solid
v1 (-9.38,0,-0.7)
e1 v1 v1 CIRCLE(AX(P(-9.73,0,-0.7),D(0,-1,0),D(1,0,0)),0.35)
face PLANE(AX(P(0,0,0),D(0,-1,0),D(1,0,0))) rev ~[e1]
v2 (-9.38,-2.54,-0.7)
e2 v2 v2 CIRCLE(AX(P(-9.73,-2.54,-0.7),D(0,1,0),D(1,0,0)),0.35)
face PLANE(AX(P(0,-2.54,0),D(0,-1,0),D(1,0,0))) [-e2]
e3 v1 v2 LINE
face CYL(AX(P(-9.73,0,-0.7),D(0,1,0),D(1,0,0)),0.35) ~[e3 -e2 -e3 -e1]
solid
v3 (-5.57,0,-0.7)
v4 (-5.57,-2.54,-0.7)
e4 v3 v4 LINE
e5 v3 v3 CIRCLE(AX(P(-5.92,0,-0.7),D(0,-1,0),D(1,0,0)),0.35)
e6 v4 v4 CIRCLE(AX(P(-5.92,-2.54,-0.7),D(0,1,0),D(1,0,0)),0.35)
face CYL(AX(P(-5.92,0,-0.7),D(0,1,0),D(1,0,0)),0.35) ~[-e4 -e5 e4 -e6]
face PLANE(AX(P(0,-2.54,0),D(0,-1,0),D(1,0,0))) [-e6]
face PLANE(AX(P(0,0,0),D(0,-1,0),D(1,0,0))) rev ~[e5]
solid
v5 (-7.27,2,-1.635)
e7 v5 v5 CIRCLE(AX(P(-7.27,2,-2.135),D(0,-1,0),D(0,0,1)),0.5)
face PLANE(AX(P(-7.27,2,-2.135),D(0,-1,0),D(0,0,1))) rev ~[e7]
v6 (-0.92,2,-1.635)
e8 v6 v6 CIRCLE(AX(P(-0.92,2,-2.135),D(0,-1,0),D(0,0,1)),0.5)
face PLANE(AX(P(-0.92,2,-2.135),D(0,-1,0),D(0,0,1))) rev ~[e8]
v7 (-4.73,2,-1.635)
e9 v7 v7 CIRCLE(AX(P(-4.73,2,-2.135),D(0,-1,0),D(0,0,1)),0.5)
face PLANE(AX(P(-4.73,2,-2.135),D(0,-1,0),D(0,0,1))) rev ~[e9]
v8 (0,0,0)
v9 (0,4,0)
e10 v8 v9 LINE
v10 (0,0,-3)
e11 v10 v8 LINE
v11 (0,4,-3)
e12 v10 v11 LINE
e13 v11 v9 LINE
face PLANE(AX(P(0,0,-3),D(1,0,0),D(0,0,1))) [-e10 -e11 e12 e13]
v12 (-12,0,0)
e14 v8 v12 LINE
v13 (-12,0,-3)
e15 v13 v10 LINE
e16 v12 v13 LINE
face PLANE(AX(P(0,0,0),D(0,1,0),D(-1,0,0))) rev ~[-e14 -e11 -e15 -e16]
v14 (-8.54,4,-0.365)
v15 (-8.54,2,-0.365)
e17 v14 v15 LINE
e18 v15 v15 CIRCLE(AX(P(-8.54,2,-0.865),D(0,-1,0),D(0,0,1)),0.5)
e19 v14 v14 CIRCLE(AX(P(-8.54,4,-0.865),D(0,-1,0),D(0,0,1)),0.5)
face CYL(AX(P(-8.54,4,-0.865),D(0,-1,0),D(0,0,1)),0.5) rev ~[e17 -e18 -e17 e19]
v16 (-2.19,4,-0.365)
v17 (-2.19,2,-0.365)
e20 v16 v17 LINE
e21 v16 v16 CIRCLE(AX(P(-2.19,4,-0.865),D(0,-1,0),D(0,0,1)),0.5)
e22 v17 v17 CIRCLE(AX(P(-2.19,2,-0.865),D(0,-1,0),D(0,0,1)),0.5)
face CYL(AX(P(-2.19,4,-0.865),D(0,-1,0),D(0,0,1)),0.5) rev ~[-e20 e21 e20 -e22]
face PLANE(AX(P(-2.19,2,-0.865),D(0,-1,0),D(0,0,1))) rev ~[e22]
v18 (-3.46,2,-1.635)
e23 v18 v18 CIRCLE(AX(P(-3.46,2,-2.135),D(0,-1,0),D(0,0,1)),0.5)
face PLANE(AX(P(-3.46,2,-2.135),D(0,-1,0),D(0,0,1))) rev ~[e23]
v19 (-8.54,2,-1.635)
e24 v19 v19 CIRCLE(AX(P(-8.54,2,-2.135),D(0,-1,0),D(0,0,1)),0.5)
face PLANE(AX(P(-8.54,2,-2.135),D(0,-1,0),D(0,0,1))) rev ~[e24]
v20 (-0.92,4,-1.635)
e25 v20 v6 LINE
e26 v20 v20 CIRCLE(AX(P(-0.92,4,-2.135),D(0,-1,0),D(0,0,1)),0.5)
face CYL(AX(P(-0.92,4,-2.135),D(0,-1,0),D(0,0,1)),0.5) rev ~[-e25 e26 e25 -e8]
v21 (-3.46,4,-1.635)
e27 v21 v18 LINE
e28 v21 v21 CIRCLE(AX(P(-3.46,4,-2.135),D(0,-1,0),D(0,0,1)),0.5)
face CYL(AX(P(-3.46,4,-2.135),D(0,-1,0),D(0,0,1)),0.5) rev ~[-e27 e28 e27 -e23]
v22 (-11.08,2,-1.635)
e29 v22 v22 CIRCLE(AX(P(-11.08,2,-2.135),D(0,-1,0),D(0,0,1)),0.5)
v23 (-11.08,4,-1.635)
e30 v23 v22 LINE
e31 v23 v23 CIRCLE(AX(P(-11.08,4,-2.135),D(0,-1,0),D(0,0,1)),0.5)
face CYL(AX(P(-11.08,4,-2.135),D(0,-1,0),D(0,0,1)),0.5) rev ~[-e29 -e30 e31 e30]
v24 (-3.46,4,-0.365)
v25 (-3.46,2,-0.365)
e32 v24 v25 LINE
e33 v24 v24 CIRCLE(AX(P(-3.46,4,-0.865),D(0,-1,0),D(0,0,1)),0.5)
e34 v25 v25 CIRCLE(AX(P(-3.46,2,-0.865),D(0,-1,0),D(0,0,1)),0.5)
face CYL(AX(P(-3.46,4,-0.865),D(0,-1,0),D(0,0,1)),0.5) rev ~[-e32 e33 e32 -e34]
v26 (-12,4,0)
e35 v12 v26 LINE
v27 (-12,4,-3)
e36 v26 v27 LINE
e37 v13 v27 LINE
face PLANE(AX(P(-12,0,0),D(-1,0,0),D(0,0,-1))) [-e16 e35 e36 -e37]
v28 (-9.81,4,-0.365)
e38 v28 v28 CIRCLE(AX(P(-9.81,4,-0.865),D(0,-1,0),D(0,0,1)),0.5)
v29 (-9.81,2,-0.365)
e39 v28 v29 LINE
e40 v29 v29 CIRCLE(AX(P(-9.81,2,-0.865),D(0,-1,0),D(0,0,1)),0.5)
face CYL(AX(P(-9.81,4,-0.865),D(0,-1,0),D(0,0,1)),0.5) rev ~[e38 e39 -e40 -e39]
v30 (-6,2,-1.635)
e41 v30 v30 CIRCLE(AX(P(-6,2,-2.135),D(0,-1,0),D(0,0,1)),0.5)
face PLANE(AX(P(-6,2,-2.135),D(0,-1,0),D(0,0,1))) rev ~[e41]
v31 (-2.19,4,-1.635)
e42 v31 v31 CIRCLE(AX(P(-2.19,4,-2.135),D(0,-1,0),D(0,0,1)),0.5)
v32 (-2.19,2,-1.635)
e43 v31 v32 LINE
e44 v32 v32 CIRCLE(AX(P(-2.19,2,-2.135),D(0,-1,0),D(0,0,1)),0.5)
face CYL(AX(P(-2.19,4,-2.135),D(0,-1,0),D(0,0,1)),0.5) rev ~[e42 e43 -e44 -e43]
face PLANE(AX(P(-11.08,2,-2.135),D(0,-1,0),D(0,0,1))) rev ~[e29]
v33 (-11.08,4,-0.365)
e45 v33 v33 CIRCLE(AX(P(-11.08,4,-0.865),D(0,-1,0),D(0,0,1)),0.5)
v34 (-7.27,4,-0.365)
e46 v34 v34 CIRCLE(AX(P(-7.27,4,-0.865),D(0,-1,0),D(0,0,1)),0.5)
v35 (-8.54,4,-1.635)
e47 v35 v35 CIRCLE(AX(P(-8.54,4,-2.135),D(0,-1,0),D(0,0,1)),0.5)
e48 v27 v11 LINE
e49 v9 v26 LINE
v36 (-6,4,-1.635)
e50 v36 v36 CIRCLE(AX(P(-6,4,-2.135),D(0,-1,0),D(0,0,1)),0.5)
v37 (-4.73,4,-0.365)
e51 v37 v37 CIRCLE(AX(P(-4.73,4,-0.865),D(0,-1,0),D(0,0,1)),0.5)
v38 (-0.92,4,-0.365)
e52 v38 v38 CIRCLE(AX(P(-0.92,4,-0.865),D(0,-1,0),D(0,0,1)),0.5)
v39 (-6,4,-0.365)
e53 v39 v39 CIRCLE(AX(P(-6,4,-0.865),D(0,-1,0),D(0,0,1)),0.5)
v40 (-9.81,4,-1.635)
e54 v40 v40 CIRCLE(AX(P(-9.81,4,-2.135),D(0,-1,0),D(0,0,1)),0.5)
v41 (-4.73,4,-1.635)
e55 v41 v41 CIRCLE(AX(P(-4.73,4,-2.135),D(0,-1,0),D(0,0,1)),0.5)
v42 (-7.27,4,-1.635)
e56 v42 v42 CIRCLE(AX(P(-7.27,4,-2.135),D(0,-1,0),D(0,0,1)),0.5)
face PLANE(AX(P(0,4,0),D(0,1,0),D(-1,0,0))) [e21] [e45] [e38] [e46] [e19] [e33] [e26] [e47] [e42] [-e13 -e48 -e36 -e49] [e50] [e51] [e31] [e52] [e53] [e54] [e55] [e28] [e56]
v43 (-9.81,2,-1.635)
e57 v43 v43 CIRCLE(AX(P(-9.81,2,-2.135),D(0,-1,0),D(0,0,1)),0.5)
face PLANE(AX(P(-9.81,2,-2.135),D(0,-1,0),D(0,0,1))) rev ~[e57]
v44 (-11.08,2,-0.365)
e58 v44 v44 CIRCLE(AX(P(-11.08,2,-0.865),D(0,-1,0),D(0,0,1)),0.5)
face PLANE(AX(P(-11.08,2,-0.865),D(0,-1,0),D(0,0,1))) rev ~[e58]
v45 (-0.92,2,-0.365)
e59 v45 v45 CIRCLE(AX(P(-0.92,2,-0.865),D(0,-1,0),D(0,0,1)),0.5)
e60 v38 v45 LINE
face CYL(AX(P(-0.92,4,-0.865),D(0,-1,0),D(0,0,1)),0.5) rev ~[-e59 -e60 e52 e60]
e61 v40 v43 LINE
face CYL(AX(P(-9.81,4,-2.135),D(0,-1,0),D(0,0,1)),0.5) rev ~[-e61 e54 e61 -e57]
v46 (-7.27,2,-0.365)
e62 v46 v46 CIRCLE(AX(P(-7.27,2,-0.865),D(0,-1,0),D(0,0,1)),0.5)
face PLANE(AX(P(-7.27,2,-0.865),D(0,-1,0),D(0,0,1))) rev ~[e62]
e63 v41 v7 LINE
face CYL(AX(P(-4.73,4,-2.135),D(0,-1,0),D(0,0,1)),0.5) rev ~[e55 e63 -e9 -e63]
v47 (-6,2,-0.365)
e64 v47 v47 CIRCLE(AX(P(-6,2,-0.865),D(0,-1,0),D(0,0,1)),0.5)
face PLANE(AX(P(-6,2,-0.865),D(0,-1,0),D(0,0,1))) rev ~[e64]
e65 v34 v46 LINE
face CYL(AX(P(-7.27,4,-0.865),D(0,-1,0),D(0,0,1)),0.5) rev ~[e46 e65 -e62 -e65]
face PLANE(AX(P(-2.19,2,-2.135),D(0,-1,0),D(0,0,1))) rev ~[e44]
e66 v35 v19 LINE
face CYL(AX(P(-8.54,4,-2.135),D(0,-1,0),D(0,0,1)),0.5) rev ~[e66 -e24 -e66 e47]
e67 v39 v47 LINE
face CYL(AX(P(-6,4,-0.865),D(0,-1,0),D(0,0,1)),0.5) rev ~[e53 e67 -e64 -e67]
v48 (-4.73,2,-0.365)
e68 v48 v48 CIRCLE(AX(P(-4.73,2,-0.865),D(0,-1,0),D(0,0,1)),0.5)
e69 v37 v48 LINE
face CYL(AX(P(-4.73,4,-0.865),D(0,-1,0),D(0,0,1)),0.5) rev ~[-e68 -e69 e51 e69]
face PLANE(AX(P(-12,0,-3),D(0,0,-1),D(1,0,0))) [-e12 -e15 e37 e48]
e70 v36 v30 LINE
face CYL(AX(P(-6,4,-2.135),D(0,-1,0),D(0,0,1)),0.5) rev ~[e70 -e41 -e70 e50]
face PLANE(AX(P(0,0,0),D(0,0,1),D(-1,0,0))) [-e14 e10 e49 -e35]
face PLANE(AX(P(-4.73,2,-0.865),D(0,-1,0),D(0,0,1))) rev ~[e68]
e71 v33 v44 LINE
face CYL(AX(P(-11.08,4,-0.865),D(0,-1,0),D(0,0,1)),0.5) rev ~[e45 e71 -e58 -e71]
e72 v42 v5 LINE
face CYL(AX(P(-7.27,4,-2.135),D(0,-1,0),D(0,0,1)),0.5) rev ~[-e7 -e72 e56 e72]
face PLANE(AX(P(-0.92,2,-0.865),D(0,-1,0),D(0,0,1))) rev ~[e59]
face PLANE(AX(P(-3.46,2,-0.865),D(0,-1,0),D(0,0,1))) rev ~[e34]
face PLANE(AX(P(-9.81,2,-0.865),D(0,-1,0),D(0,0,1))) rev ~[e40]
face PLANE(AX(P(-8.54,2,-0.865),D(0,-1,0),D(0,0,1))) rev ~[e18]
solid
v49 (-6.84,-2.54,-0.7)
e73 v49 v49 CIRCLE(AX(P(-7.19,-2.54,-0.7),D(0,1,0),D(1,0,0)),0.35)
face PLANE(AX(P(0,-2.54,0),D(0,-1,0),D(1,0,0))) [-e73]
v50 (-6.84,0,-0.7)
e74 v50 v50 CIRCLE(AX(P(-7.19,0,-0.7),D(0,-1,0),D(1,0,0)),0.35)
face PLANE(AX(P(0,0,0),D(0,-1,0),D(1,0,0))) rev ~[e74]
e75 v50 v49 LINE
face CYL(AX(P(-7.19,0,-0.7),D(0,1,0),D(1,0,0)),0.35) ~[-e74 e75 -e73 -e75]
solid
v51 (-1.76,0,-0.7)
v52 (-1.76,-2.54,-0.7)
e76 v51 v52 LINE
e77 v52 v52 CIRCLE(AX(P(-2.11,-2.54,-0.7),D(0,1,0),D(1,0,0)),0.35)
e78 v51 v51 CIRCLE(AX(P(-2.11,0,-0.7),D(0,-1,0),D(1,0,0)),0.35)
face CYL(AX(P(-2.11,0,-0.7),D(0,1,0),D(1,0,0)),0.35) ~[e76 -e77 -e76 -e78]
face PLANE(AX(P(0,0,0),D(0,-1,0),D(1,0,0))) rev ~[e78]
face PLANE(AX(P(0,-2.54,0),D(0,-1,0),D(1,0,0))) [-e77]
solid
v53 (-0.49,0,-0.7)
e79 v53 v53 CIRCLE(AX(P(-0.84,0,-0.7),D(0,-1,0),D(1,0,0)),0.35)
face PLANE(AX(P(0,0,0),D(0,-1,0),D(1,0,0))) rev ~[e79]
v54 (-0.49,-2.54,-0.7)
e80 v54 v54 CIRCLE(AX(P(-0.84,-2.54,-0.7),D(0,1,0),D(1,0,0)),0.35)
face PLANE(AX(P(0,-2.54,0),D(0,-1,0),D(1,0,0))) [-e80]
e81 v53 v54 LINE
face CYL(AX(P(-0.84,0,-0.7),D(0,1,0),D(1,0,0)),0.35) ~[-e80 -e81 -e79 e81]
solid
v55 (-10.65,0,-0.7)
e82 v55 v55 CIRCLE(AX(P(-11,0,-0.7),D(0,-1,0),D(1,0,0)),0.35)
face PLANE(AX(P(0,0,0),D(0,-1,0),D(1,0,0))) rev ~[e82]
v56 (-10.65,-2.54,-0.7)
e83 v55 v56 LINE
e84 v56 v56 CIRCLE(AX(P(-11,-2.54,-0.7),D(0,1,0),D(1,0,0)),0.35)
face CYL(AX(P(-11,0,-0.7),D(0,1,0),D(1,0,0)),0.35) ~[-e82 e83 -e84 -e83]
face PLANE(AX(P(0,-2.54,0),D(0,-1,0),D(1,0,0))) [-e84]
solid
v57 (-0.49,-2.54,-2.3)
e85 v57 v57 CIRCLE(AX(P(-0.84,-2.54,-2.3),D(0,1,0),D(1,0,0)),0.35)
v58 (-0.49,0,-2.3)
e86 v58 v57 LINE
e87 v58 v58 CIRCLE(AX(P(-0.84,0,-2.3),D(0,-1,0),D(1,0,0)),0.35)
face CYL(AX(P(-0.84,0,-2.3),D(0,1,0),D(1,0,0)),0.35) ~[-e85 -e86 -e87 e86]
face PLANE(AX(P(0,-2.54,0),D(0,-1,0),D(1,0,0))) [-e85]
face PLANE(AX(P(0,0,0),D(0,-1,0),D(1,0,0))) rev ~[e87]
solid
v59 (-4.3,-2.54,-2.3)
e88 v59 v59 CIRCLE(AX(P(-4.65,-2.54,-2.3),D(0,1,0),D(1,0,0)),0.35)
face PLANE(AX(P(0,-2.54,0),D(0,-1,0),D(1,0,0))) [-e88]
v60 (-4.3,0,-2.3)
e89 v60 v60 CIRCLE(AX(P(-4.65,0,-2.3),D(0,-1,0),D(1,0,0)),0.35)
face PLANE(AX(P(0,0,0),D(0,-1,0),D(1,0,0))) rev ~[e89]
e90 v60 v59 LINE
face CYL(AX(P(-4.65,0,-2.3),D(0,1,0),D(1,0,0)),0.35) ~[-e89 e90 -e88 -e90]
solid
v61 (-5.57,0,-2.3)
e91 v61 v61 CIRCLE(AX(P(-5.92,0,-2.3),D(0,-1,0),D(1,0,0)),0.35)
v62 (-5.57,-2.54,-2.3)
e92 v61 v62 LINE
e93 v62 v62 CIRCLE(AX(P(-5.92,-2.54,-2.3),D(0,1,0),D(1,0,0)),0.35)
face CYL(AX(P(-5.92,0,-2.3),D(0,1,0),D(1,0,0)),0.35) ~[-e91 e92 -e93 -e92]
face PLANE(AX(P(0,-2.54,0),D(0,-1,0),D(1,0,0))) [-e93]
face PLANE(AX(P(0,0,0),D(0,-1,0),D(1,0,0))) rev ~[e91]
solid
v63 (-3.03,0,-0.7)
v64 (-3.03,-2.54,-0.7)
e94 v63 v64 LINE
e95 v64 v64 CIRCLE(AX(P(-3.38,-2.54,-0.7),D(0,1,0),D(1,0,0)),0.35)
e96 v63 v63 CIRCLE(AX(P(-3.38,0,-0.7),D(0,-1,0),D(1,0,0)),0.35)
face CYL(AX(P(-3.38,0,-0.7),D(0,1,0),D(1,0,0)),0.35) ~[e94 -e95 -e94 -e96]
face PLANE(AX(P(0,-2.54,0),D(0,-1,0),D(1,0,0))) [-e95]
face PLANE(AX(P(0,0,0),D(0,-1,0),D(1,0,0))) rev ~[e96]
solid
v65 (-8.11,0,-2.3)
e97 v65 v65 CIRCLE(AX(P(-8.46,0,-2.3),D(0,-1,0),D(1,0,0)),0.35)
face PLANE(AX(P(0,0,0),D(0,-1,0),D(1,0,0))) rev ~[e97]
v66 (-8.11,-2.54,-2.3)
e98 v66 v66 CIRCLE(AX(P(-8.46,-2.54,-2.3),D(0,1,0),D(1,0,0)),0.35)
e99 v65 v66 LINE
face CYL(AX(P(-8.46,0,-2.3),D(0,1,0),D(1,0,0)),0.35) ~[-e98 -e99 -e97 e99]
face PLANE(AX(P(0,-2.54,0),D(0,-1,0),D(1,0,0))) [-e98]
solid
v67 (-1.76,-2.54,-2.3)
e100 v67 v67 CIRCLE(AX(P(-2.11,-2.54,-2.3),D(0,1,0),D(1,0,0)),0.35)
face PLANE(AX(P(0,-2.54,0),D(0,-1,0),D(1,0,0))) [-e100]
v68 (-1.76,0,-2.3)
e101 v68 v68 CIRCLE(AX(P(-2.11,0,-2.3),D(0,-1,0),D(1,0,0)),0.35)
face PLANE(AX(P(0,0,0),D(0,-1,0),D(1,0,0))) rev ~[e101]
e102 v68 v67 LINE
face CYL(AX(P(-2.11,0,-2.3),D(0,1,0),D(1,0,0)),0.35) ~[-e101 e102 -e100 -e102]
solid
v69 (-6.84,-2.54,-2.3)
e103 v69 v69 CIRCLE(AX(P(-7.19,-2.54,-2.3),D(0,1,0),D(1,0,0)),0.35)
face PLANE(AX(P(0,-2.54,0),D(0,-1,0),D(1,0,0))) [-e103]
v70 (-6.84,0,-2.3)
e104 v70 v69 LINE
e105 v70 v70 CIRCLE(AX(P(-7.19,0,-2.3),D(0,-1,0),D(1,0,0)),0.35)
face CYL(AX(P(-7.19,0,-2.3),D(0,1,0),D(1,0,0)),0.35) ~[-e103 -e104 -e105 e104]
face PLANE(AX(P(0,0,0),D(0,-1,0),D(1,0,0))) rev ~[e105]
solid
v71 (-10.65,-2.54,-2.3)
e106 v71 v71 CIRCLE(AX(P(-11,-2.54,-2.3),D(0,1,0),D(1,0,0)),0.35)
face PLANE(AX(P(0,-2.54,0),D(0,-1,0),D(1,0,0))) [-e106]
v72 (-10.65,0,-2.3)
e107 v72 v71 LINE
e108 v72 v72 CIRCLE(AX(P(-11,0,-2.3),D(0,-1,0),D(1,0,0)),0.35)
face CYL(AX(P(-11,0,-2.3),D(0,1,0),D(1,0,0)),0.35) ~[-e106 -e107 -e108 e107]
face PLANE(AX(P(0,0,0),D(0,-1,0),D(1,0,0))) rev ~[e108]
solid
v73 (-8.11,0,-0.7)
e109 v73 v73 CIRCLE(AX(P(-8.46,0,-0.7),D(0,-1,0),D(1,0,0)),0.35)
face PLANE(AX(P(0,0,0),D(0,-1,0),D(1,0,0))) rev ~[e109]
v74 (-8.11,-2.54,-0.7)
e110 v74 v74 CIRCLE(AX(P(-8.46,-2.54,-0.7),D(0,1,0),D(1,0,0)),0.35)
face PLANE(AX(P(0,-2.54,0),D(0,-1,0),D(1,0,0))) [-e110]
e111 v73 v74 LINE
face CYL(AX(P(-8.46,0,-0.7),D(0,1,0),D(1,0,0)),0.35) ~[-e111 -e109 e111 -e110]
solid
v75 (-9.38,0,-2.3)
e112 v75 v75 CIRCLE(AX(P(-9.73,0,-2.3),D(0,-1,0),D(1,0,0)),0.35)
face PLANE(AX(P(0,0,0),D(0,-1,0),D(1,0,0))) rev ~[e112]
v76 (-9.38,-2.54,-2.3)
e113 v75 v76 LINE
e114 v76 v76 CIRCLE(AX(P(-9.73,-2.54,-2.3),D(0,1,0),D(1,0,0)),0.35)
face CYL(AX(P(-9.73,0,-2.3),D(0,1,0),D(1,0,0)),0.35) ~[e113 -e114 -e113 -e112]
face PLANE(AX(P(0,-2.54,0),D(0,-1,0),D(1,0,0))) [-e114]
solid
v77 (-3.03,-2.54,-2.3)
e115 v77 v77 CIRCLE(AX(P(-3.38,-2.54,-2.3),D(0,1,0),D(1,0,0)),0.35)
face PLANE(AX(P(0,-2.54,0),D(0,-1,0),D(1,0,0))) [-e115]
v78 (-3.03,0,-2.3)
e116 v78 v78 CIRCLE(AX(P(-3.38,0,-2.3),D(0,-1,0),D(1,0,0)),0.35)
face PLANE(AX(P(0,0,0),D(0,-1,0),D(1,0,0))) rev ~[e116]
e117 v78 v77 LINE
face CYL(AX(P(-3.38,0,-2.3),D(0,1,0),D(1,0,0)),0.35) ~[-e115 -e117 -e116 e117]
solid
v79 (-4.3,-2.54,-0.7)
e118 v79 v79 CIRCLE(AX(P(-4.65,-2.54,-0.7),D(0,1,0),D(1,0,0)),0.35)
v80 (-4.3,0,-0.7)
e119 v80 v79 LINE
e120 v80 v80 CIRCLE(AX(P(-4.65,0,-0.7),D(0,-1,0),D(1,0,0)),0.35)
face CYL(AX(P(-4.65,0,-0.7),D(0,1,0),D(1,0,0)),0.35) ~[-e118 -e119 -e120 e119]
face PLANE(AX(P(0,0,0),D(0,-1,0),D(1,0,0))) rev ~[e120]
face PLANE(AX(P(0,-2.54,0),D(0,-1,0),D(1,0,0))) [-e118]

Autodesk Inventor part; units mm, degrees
ref_plane "YZ Plane" through (0, 0, 0) normal (1, 0, 0) x (0, 1, 0)
ref_plane "XZ Plane" through (0, 0, 0) normal (0, 1, 0) x (-1, 0, 0)
ref_plane "XY Plane" through (0, 0, 0) normal (0, 0, 1) x (1, 0, 0)
sketch "스케치1" plane through (0, 0, 0) normal (0, 1, 0) x (-1, 0, 0)
  line L0 (0, 0) -> (12, 0)
  line L1 (12, 0) -> (12, -3)
  line L2 (12, -3) -> (0, -3)
  line L3 (0, -3) -> (0, 0)
  dimension "d0" = 12
  dimension "d1" = 3
extrude "돌출1" add sketch "스케치1" along normal blind 4
sketch "스케치2" plane through (0, 4, 0) normal (0, 1, 0) x (1, 0, 0)
  line L0 (-12, 0) -> (0, 0) projected
  line L1 (0, 0) -> (0, 3) projected
  line L2 (0, 3) -> (-12, 3) projected
  line L3 (-12, 3) -> (-12, 0) projected
  point P0 (-11.08, 0.865)
  point P1 (-9.81, 0.865)
  point P2 (-8.54, 0.865)
  point P3 (-7.27, 0.865)
  point P4 (-6, 0.865)
  point P5 (-4.73, 0.865)
  point P6 (-3.46, 0.865)
  point P7 (-2.19, 0.865)
  point P8 (-0.92, 0.865)
  point P9 (-11.08, 2.135)
  point P10 (-9.81, 2.135)
  point P11 (-8.54, 2.135)
  point P12 (-7.27, 2.135)
  point P13 (-6, 2.135)
  point P14 (-4.73, 2.135)
  point P15 (-3.46, 2.135)
  point P16 (-2.19, 2.135)
  point P17 (-0.92, 2.135)
  dimension "d6" = 1.27
  dimension "d9" = 1.27
  dimension "d12" = 0.865
  dimension "d13" = 0.865
  dimension "d14" = 0.92
  dimension "d15" = 0.92
hole "구멍1" at (-11.08, 4, -0.865) at (-9.81, 4, -0.865) at (-8.54, 4, -0.865) at (-7.27, 4, -0.865) at (-6, 4, -0.865) at (-4.73, 4, -0.865) at (-3.46, 4, -0.865) at (-2.19, 4, -0.865) at (-0.92, 4, -0.865) at (-11.08, 4, -2.135) at (-9.81, 4, -2.135) at (-8.54, 4, -2.135) at (-7.27, 4, -2.135) at (-6, 4, -2.135) at (-4.73, 4, -2.135) at (-3.46, 4, -2.135) at (-2.19, 4, -2.135) at (-0.92, 4, -2.135) direction (0, -1, 0) diameter 1 depth 2
sketch "스케치3" plane through (0, 0, 0) normal (0, -1, 0) x (1, 0, 0)
  circle A0 centre (-2.19, -2.135) radius 0.5 projected
  circle A1 centre (-4.73, -2.135) radius 0.5 projected
  circle A2 centre (-7.27, -2.135) radius 0.5 projected
  circle A3 centre (-9.81, -2.135) radius 0.5 projected
  circle A4 centre (-0.92, -0.865) radius 0.5 projected
  circle A5 centre (-3.46, -0.865) radius 0.5 projected
  circle A6 centre (-6, -0.865) radius 0.5 projected
  circle A7 centre (-8.54, -0.865) radius 0.5 projected
  circle A8 centre (-11.08, -0.865) radius 0.5 projected
  circle A9 centre (-9.81, -0.865) radius 0.5 projected
  circle A10 centre (-7.27, -0.865) radius 0.5 projected
  circle A11 centre (-4.73, -0.865) radius 0.5 projected
  circle A12 centre (-2.19, -0.865) radius 0.5 projected
  circle A13 centre (-11.08, -2.135) radius 0.5 projected
  circle A14 centre (-8.54, -2.135) radius 0.5 projected
  circle A15 centre (-6, -2.135) radius 0.5 projected
  circle A16 centre (-3.46, -2.135) radius 0.5 projected
  circle A17 centre (-0.92, -2.135) radius 0.5 projected
  line L0 (-12, 0) -> (0, 0) projected
  line L1 (0, 0) -> (0, -3) projected
  line L2 (0, -3) -> (-12, -3) projected
  line L3 (-12, -3) -> (-12, 0) projected
  circle A18 centre (-11, -2.3) radius 0.35
  circle A19 centre (-9.73, -2.3) radius 0.35
  circle A20 centre (-8.46, -2.3) radius 0.35
  circle A21 centre (-7.19, -2.3) radius 0.35
  circle A22 centre (-5.92, -2.3) radius 0.35
  circle A23 centre (-4.65, -2.3) radius 0.35
  circle A24 centre (-3.38, -2.3) radius 0.35
  circle A25 centre (-2.11, -2.3) radius 0.35
  circle A26 centre (-0.84, -2.3) radius 0.35
  circle A27 centre (-11, -0.7) radius 0.35
  circle A28 centre (-9.73, -0.7) radius 0.35
  circle A29 centre (-8.46, -0.7) radius 0.35
  circle A30 centre (-7.19, -0.7) radius 0.35
  circle A31 centre (-5.92, -0.7) radius 0.35
  circle A32 centre (-4.65, -0.7) radius 0.35
  circle A33 centre (-3.38, -0.7) radius 0.35
  circle A34 centre (-2.11, -0.7) radius 0.35
  circle A35 centre (-0.84, -0.7) radius 0.35
  dimension "d23" = 1.27
  dimension "d24" = 0.7
  dimension "d27" = 1.27
  dimension "d30" = 1.6
  dimension "d33" = 0.9
  dimension "d34" = 0.7
  dimension "d35" = 0.7
  dimension "d36" = 1
extrude "돌출2" add sketch "스케치3" along normal blind 2.54 separate body contours A25 A0 | A0 A25 | A23 A1 | A1 A23 | A21 A2 | A2 A21 | A19 A3 | A3 A19 | A35 A4 | A4 A35 | A33 A5 | A5 A33 | A31 A6 | A6 A31 | A29 A7 | A7 A29 | A27 A8 | A8 A27 | A28 A9 | A9 A28 | A30 A10 | A10 A30 | A32 A11 | A11 A32 | A34 A12 | A12 A34 | A18 A13 | A13 A18 | A20 A14 | A14 A20 | A22 A15 | A15 A22 | A24 A16 | A16 A24 | A26 A17 | A17 A26 picked at (-2.1777, -2.1932) picked at (-1.9214, -2.5663) picked at (-4.7177, -2.1932) picked at (-4.4614, -2.5663) picked at (-7.2577, -2.1932) picked at (-7.0014, -2.5663) picked at (-9.7977, -2.1932) picked at (-9.5414, -2.5663) picked at (-0.9077, -0.8068) picked at (-0.6514, -0.4337) picked at (-3.4477, -0.8068) picked at (-3.1914, -0.4337) picked at (-5.9877, -0.8068) picked at (-5.7314, -0.4337) picked at (-8.5277, -0.8068) picked at (-8.2714, -0.4337) picked at (-11.0677, -0.8068) picked at (-10.9077, -0.387) picked at (-9.7977, -0.8068) picked at (-9.6377, -0.387) picked at (-7.2577, -0.8068) picked at (-7.0014, -0.4337) picked at (-4.7177, -0.8068) picked at (-4.4614, -0.4337) picked at (-2.1777, -0.8068) picked at (-2.0177, -0.387) picked at (-11.0677, -2.1932) picked at (-10.8114, -2.5663) picked at (-8.5277, -2.1932) picked at (-8.2714, -2.5663) picked at (-5.9877, -2.1932) picked at (-5.7314, -2.5663) picked at (-3.4477, -2.1932) picked at (-3.1914, -2.5663) picked at (-0.9077, -2.1932) picked at (-0.6514, -2.5663)
equation "\"d14\" = d15"
properties part number "Millmax"
